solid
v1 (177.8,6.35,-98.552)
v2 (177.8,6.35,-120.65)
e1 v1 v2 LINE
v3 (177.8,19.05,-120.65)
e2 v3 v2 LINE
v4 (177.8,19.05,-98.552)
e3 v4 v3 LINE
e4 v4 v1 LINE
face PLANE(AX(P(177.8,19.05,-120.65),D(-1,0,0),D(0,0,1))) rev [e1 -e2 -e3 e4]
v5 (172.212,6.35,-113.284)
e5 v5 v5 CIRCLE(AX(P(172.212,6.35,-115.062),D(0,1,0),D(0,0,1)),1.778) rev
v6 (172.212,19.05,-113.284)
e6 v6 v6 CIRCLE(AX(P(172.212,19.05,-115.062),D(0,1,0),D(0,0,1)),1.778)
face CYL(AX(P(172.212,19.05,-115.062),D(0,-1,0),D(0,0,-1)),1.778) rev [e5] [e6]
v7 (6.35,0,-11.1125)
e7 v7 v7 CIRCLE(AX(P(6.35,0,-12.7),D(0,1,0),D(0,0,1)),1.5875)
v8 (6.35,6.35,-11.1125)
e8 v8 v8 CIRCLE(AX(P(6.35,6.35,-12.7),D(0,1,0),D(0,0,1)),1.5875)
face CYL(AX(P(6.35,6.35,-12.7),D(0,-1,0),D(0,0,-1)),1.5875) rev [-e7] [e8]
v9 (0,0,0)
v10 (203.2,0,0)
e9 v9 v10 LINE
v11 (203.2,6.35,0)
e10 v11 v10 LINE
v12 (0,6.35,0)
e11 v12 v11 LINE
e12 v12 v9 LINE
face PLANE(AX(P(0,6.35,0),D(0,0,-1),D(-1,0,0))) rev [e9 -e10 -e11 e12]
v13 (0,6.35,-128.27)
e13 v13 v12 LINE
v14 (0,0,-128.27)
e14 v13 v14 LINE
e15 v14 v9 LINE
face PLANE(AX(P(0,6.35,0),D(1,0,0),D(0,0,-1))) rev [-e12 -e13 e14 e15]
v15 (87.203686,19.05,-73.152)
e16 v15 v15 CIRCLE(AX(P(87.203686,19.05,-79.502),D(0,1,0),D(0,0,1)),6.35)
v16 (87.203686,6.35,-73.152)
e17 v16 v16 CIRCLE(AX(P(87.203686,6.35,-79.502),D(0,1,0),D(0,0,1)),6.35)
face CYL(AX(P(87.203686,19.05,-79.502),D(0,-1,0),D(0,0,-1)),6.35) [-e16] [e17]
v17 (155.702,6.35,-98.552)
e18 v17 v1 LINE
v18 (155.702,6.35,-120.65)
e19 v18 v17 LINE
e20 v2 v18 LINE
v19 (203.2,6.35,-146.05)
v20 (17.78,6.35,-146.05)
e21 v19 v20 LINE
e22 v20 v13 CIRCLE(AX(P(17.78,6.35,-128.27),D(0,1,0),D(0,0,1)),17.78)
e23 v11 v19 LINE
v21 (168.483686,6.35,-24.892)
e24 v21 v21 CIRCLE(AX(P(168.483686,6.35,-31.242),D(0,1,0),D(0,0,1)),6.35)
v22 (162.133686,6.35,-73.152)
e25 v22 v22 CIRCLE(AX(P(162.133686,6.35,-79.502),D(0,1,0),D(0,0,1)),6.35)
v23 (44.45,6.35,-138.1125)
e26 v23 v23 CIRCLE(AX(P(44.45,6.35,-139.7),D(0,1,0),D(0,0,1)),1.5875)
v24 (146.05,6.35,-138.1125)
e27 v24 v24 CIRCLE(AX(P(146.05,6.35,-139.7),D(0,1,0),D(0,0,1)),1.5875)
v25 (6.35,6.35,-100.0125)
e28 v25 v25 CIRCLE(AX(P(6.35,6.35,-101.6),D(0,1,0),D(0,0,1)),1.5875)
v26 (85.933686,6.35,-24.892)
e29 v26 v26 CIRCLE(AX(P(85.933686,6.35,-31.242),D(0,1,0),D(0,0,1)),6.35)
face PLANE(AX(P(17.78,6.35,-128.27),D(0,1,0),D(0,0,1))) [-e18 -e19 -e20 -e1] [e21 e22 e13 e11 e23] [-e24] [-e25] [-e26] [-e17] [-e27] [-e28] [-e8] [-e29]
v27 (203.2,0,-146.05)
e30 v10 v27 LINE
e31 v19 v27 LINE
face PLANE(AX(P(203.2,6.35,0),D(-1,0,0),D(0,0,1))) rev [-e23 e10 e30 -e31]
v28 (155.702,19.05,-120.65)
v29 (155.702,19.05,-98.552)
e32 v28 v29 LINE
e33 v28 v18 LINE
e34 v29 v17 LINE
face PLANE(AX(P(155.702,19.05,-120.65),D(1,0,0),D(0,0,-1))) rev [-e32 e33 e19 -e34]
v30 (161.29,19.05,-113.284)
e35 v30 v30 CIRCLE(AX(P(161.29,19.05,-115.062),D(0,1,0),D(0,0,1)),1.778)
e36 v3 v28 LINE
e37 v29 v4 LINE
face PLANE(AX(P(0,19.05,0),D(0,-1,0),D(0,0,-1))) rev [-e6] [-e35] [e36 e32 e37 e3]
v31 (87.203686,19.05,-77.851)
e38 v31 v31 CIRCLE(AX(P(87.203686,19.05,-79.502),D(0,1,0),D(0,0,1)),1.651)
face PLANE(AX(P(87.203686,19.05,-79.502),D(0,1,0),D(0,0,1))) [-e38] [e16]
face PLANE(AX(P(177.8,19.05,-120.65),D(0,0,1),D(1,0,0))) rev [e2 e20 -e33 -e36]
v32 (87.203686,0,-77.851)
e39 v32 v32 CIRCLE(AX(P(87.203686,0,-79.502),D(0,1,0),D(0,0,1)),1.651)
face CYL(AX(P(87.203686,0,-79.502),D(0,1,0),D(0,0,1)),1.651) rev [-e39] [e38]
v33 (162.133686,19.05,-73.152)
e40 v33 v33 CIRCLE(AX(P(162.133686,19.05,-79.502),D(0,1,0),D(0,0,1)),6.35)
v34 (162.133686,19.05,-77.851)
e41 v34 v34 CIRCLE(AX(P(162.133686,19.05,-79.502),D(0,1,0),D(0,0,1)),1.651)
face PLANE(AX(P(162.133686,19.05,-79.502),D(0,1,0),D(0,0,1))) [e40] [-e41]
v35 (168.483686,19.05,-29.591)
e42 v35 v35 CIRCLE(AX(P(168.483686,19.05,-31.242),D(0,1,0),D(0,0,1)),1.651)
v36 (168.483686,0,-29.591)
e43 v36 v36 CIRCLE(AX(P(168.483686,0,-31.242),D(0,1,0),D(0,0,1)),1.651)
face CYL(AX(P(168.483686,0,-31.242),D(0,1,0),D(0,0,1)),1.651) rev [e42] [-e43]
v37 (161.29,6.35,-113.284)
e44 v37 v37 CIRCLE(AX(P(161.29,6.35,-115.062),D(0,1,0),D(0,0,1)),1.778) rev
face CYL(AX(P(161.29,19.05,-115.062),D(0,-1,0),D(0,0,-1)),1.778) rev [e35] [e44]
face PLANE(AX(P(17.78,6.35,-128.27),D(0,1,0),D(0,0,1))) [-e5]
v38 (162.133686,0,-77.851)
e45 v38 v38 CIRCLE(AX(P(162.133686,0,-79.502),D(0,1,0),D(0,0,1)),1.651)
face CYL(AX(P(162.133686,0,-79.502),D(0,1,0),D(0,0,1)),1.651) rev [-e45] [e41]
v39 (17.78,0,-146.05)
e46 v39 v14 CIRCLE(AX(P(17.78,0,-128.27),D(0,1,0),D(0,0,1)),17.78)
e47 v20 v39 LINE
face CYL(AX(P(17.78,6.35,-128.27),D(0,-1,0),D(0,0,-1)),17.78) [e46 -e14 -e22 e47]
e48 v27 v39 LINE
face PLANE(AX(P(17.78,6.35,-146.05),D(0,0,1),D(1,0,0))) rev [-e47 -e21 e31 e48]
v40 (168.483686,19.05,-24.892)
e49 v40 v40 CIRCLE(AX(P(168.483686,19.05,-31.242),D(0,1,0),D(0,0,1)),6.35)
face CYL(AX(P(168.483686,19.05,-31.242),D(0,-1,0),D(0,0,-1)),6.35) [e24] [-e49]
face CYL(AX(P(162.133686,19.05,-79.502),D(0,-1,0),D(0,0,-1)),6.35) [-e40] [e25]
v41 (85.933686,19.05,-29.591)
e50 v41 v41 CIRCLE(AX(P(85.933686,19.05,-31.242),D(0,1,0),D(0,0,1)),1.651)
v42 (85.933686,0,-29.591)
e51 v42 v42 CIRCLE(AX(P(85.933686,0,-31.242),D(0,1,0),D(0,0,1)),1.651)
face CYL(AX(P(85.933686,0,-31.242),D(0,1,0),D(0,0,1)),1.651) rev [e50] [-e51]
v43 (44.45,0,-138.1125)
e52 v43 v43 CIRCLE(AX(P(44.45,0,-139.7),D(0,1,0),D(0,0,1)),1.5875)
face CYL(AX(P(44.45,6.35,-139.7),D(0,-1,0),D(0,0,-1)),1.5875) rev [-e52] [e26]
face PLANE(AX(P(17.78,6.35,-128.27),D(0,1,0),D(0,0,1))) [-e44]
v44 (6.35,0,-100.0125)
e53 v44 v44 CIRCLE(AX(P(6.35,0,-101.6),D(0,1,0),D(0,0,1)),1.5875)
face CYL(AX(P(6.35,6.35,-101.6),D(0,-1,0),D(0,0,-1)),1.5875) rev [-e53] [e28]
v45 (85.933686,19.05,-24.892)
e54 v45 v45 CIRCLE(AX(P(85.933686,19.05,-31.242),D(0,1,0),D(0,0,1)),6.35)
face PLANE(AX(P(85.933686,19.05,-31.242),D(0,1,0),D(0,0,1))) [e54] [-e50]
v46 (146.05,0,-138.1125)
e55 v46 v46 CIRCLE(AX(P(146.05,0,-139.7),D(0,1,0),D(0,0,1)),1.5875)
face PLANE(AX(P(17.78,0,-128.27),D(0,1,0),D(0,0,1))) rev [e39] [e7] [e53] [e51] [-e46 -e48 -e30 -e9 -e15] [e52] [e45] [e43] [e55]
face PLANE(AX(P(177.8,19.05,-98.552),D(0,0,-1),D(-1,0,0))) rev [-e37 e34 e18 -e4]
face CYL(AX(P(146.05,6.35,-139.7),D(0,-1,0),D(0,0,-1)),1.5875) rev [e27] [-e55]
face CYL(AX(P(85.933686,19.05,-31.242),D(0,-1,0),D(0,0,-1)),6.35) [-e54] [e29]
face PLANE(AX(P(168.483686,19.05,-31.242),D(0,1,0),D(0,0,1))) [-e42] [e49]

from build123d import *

# Parameters (mm, degrees)
SKETCH1_R           = 1.5875
BOSS_EXTRUDE1_DEPTH = 6.35
SKETCH2_W           = 22.098
SKETCH2_H           = 22.098
SKETCH2_R           = 1.778
BOSS_EXTRUDE2_DEPTH = 12.7
SKETCH3_R           = 6.35
BOSS_EXTRUDE3_DEPTH = 12.7
SKETCH5_R           = 1.651
CUT_EXTRUDE1_DEPTH  = 251.965625136


with BuildPart() as part:
    # Sketch1 → Boss-Extrude1 (new body)
    with BuildSketch(Plane(origin=(0, 0, 0), x_dir=(1, 0, 0), z_dir=(0, 1, 0))):
        with BuildLine():
            Line((0, 0), (203.2, 0))
            Line((203.2, 0), (203.2, 146.05))
            Line((203.2, 146.05), (17.78, 146.05))
            ThreePointArc((17.78, 146.05), (5.207641431, 140.842358569), (0, 128.27))
            Line((0, 128.27), (0, 0))
        make_face()
        with Locations(Location((6.35, 12.7, 0), (0, 0, 270))):
            Circle(SKETCH1_R, mode=Mode.SUBTRACT)
        with Locations(Location((6.35, 101.6, 0), (0, 0, 270))):
            Circle(SKETCH1_R, mode=Mode.SUBTRACT)
        with Locations(Location((44.45, 139.7, 0), (0, 0, 270))):
            Circle(SKETCH1_R, mode=Mode.SUBTRACT)
        with Locations(Location((146.05, 139.7, 0), (0, 0, 270))):
            Circle(SKETCH1_R, mode=Mode.SUBTRACT)
    extrude(amount=BOSS_EXTRUDE1_DEPTH)

    # Sketch2 → Boss-Extrude2 (add)
    with BuildSketch(Plane(origin=(0, 6.35, 0), x_dir=(1, 0, 0), z_dir=(0, 1, 0))):
        with Locations((166.751, 109.601)):
            Rectangle(SKETCH2_W, SKETCH2_H)
        with Locations(Location((172.212, 115.062, 0), (0, 0, 270))):
            Circle(SKETCH2_R, mode=Mode.SUBTRACT)
        with Locations(Location((161.29, 115.062, 0), (0, 0, 270))):
            Circle(SKETCH2_R, mode=Mode.SUBTRACT)
    extrude(amount=BOSS_EXTRUDE2_DEPTH)

    # Sketch3 → Boss-Extrude3 (add)
    with BuildSketch(Plane(origin=(0, 6.35, 0), x_dir=(1, 0, 0), z_dir=(0, 1, 0))):
        with Locations(Location((162.13368637, 79.502, 0), (0, 0, 270))):
            Circle(SKETCH3_R)
        with Locations(Location((168.48368637, 31.242, 0), (0, 0, 270))):
            Circle(SKETCH3_R)
        with Locations(Location((87.20368637, 79.502, 0), (0, 0, 270))):
            Circle(SKETCH3_R)
        with Locations(Location((85.93368637, 31.242, 0), (0, 0, 270))):
            Circle(SKETCH3_R)
    extrude(amount=BOSS_EXTRUDE3_DEPTH)

    # Sketch5 → Cut-Extrude1 (cut, through all)
    with BuildSketch(Plane(origin=(0, 19.05, 0), x_dir=(1, 0, 0), z_dir=(0, 1, 0))):
        with Locations(Location((168.48368637, 31.242, 0), (0, 0, 270))):
            Circle(SKETCH5_R)
        with Locations(Location((162.13368637, 79.502, 0), (0, 0, 270))):
            Circle(SKETCH5_R)
        with Locations(Location((87.20368637, 79.502, 0), (0, 0, 270))):
            Circle(SKETCH5_R)
        with Locations(Location((85.93368637, 31.242, 0), (0, 0, 270))):
            Circle(SKETCH5_R)
    extrude(amount=-CUT_EXTRUDE1_DEPTH, mode=Mode.SUBTRACT)


solid = part.part
